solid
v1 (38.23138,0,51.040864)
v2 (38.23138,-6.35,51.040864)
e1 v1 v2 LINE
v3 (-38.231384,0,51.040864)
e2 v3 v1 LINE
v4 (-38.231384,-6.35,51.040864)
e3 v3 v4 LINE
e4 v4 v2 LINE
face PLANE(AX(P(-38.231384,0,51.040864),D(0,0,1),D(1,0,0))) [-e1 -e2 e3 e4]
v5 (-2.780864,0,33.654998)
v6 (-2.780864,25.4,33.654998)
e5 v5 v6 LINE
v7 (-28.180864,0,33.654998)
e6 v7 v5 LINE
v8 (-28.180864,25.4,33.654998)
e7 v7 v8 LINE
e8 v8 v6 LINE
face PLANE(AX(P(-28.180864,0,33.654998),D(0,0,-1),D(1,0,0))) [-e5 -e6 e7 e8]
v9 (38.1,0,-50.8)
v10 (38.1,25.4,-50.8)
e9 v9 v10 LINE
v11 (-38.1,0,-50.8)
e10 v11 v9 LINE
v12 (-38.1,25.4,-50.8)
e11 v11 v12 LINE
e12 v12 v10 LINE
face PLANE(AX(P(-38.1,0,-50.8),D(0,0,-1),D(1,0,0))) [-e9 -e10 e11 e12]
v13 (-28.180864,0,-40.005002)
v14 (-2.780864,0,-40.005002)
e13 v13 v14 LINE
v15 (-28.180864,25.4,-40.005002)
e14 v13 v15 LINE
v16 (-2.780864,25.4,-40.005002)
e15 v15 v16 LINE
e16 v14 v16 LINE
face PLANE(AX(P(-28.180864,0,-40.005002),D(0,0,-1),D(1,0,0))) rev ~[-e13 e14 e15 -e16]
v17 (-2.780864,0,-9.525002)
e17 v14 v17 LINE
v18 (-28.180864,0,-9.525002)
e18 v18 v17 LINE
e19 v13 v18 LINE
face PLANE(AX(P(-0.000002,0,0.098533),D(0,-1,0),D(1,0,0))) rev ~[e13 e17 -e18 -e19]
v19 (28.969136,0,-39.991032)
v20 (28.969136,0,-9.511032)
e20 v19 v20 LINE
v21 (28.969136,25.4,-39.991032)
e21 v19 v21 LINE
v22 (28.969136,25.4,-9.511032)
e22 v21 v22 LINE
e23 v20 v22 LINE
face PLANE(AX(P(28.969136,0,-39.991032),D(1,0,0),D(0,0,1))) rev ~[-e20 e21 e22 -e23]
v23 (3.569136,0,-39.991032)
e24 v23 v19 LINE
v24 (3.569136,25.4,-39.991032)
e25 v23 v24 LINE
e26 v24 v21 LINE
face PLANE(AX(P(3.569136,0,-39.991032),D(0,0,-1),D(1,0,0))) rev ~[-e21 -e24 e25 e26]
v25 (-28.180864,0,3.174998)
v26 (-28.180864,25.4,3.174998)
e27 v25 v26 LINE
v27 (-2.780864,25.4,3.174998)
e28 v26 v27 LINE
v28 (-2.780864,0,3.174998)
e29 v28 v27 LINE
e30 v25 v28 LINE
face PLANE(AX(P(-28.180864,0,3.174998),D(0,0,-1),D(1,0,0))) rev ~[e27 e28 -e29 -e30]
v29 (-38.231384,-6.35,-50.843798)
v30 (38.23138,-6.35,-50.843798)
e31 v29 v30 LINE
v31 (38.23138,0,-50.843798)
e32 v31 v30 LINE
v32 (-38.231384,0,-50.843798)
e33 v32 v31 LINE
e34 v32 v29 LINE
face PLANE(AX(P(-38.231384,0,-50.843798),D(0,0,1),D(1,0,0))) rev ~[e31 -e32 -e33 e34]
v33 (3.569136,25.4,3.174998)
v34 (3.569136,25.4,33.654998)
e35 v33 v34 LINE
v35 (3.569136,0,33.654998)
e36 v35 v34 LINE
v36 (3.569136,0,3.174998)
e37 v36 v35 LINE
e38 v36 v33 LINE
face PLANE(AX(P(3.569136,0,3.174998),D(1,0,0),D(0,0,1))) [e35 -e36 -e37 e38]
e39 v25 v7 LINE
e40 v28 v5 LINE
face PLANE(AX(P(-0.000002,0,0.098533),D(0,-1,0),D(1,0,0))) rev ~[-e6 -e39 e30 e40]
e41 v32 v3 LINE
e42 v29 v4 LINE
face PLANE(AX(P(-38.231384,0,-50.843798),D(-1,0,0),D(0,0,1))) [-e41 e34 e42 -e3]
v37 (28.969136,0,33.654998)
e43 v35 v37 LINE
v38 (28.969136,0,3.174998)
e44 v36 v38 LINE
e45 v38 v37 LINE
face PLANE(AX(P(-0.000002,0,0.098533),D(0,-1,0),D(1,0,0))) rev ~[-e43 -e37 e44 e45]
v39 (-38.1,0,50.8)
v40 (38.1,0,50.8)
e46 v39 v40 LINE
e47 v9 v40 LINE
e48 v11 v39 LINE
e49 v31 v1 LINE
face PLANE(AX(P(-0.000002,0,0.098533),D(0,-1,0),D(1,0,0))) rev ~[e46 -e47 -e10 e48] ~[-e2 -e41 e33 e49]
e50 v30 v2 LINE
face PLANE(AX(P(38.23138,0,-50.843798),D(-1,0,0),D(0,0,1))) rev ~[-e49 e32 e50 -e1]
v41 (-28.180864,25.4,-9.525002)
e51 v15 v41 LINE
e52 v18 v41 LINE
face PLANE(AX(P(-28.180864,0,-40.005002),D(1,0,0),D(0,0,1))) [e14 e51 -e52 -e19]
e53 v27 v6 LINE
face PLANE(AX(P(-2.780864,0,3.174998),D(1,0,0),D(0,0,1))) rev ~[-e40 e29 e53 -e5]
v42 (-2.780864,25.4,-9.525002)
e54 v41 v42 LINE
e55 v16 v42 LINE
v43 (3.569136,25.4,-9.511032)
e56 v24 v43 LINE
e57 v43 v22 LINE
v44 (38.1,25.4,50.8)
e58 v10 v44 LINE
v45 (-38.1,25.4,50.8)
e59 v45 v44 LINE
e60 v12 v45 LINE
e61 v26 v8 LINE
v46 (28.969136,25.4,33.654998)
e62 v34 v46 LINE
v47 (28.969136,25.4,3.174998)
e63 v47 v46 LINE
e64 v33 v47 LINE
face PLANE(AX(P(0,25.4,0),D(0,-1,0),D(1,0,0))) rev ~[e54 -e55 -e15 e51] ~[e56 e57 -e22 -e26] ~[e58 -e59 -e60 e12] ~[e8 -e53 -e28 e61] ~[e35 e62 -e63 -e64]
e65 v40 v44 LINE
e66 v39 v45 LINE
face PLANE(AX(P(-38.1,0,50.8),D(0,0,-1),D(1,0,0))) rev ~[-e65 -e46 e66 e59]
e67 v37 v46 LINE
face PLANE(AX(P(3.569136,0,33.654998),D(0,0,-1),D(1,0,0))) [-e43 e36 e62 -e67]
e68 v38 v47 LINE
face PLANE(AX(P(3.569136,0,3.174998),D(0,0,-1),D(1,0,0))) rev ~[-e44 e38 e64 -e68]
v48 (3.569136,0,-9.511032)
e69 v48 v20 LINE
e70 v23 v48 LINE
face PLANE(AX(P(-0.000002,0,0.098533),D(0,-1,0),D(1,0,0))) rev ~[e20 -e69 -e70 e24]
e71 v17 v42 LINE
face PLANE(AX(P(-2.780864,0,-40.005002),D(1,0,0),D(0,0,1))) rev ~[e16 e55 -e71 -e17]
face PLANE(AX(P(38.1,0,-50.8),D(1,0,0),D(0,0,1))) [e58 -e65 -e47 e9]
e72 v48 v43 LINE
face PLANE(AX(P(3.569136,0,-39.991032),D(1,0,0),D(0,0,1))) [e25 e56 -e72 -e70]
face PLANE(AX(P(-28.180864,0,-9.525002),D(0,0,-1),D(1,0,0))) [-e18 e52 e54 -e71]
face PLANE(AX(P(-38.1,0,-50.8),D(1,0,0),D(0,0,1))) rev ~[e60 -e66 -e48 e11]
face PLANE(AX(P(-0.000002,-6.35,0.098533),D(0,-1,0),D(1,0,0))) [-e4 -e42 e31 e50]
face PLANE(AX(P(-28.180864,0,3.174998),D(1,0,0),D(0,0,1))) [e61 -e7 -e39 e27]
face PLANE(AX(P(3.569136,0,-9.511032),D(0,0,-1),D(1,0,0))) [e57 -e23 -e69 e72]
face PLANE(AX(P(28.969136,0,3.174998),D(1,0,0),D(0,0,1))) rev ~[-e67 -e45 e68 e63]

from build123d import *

# Parameters (mm, degrees)
F0_W     = 76.2
F0_H     = 101.6
F0_W_2   = 25.4
F0_H_2   = 30.48
F1_DEPTH = 25.4
F2_W     = 76.462764
F2_H     = 101.884663
F3_DEPTH = 6.35


with BuildPart() as f1:
    # F0 (on Front) → F1 (new body)
    with BuildSketch(Plane.XZ):
        Rectangle(F0_W, F0_H)
        with Locations((-15.480864, -24.765002)):
            Rectangle(F0_W_2, F0_H_2, mode=Mode.SUBTRACT)
        with Locations((16.269136, -24.751032)):
            Rectangle(F0_W_2, F0_H_2, mode=Mode.SUBTRACT)
        with Locations((-15.480864, 18.414998)):
            Rectangle(F0_W_2, F0_H_2, mode=Mode.SUBTRACT)
        with Locations((16.269136, 18.414998)):
            Rectangle(F0_W_2, F0_H_2, mode=Mode.SUBTRACT)
    extrude(amount=-F1_DEPTH)

    # F2 (on Front) → F3 (join)
    with BuildSketch(Plane.XZ):
        with Locations((-2e-06, 0.098533)):
            Rectangle(F2_W, F2_H)
    extrude(amount=F3_DEPTH)


solid = f1.part
